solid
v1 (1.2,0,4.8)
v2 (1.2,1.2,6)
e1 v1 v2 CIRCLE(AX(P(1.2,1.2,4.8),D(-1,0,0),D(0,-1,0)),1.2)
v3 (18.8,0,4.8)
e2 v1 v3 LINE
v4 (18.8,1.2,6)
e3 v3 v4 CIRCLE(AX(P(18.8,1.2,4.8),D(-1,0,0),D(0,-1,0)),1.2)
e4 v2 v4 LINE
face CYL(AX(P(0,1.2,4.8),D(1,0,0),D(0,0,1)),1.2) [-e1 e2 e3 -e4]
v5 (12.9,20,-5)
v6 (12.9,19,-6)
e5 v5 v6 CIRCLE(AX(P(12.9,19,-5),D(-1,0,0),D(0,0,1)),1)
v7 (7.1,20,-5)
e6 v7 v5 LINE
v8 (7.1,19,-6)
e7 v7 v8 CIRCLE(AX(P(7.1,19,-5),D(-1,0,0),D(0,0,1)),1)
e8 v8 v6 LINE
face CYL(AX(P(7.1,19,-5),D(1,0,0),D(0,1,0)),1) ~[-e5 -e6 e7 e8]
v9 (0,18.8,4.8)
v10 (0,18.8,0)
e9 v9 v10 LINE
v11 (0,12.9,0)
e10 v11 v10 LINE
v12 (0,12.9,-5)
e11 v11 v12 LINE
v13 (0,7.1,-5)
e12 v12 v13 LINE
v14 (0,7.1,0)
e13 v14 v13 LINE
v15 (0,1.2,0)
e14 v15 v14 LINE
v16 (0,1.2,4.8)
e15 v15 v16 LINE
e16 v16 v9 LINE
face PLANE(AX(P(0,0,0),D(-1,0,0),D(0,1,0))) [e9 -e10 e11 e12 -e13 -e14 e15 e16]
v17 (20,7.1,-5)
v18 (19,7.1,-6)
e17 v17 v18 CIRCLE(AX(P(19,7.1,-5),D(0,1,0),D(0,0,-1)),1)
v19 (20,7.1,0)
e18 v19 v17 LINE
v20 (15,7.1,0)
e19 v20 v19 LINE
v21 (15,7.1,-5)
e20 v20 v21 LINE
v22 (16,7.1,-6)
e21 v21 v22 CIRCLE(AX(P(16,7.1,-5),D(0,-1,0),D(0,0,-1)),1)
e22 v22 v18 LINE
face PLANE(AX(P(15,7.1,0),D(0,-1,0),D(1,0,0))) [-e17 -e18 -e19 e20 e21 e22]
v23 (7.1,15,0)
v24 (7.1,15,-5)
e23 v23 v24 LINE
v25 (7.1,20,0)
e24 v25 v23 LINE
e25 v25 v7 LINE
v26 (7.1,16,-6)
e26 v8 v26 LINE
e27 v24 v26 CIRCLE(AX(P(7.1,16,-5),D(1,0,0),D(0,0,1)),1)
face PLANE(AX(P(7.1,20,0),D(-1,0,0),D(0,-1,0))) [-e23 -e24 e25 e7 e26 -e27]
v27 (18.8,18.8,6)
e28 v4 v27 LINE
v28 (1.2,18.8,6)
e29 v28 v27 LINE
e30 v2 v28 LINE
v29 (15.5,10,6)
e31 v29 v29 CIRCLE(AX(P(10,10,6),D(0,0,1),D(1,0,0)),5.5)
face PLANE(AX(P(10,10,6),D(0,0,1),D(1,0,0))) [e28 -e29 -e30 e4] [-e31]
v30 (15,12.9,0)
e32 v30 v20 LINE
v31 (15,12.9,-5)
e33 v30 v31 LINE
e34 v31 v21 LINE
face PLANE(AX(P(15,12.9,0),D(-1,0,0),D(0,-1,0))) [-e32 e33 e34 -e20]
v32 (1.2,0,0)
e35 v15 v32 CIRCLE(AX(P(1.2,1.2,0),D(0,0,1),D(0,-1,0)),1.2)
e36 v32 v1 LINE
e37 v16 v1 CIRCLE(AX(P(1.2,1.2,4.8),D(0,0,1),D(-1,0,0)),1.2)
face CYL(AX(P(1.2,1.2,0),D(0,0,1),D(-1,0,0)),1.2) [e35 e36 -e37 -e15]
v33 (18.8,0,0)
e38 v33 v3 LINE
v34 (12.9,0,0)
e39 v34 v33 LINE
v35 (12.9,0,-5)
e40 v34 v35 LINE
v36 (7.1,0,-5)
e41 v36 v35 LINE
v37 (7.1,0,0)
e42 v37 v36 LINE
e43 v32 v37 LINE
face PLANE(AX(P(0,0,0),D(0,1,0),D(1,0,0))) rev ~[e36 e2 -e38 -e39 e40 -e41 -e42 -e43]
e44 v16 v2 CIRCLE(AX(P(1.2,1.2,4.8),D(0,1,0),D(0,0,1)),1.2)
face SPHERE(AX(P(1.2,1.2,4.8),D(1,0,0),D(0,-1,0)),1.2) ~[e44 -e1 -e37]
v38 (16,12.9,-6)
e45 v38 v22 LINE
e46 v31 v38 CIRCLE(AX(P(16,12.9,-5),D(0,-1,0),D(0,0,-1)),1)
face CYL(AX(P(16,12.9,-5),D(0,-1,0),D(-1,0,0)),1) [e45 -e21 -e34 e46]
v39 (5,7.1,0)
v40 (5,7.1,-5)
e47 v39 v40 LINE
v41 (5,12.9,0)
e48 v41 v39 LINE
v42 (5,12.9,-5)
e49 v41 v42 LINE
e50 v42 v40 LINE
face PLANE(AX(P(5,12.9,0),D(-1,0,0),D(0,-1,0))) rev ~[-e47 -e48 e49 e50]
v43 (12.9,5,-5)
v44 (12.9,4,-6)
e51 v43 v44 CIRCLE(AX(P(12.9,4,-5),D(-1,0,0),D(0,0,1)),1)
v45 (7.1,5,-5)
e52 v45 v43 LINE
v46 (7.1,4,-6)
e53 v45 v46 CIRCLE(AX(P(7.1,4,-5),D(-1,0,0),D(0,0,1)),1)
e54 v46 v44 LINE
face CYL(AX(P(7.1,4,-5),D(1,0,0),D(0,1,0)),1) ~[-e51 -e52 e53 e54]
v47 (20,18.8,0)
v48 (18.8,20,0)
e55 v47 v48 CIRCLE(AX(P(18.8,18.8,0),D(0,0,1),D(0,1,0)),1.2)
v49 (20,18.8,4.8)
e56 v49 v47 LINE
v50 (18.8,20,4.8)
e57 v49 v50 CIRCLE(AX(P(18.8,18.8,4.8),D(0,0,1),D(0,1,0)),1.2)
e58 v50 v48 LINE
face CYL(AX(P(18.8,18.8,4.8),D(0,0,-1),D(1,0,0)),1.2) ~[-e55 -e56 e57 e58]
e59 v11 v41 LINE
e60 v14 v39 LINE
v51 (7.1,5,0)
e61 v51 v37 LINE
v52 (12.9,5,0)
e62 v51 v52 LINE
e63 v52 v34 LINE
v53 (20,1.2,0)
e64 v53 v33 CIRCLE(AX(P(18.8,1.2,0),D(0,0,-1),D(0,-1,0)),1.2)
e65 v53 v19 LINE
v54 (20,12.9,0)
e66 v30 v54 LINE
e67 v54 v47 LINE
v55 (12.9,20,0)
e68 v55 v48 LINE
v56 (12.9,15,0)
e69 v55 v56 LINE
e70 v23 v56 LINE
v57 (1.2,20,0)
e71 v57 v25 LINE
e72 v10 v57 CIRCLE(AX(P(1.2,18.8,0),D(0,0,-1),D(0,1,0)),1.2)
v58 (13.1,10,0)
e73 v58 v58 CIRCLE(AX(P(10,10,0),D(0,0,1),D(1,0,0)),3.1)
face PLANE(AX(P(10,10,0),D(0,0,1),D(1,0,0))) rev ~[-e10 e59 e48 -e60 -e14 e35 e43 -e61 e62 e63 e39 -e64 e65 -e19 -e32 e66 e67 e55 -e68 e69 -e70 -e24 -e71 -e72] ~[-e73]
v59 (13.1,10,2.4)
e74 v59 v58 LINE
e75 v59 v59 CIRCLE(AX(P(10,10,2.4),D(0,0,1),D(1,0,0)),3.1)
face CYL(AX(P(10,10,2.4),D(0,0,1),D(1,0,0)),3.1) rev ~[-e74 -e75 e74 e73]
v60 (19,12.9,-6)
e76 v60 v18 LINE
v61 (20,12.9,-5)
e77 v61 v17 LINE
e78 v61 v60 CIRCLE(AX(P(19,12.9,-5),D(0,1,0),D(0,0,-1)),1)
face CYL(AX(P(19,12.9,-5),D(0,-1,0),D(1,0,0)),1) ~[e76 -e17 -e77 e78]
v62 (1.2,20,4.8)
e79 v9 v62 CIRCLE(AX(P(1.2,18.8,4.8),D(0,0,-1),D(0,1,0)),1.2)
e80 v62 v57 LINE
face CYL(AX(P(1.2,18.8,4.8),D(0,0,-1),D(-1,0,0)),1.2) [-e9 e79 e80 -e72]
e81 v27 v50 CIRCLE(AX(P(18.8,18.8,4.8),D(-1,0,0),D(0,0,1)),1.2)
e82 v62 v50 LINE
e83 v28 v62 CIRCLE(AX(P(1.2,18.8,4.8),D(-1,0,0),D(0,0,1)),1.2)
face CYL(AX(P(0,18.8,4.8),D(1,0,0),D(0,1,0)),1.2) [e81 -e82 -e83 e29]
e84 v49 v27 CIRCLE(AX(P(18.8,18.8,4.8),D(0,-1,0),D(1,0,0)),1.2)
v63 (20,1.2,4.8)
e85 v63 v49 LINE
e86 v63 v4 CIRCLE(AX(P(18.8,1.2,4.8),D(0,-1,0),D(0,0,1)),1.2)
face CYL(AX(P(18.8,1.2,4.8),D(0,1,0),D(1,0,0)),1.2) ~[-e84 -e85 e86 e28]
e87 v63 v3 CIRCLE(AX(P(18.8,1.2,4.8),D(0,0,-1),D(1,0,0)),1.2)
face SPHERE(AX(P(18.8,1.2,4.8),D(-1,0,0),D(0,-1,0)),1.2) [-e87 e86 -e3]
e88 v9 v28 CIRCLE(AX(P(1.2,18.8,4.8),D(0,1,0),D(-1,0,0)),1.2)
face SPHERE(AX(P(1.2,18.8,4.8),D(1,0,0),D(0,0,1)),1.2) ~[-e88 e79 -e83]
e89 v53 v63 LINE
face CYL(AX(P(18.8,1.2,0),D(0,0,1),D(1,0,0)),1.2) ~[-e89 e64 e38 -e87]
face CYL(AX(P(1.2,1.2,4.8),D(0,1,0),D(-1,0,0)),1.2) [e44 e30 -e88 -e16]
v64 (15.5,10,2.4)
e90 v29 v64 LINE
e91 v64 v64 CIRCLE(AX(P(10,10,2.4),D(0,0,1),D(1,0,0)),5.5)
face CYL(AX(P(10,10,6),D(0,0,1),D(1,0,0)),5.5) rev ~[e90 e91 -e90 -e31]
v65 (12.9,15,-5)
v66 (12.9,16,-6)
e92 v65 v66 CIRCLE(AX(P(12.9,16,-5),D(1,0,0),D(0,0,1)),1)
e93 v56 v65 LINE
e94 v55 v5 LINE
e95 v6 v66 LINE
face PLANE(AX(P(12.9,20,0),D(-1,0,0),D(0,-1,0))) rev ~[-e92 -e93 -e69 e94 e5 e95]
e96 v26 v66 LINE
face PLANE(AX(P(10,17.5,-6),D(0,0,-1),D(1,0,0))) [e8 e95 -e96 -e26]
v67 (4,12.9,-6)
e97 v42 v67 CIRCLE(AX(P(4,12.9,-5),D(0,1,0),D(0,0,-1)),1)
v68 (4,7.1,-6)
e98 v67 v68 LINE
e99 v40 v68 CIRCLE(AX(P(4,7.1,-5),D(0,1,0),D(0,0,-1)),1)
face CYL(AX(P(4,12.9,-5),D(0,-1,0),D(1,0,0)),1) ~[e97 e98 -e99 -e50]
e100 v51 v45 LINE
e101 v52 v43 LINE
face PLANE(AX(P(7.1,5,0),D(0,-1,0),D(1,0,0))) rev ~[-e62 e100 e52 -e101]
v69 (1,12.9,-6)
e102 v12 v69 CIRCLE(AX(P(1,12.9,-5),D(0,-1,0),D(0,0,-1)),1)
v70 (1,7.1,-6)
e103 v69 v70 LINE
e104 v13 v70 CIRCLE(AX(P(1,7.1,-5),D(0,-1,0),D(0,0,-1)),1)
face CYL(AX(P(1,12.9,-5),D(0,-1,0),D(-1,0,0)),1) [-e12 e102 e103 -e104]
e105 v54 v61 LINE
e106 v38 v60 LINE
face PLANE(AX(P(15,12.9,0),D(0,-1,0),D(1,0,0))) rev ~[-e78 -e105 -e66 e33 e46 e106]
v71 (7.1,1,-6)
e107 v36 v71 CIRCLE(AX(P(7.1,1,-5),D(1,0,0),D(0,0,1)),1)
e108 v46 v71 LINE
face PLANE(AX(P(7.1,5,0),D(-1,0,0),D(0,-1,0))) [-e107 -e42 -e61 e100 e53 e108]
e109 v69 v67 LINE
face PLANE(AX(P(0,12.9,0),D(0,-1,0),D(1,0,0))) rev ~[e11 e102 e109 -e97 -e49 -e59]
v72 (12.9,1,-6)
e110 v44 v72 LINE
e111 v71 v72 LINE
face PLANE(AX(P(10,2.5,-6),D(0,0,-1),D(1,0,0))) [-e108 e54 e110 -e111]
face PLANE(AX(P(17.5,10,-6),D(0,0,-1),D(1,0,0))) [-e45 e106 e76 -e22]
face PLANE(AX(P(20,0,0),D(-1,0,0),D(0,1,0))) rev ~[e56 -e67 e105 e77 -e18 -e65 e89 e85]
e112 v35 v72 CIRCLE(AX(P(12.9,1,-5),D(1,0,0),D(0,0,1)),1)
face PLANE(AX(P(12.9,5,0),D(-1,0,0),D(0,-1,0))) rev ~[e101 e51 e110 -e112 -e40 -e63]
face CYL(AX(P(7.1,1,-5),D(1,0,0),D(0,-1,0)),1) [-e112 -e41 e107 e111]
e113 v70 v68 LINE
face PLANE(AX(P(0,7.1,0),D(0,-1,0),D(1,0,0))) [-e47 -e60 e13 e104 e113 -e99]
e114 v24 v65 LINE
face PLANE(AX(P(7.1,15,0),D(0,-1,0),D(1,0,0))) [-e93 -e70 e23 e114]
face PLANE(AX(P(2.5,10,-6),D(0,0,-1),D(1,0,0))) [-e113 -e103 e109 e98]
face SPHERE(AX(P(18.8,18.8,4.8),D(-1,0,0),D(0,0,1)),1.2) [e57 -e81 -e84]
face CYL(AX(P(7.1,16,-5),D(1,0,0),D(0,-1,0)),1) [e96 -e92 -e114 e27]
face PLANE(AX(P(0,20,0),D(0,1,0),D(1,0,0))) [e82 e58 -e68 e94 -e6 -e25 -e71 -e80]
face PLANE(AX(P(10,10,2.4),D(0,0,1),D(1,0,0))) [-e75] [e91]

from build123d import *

# Parameters (mm, degrees)
SKETCH_W        = 20
SKETCH_H        = 20
PAD_DEPTH       = 6
SKETCH001_R     = 5.5
POCKET_DEPTH    = 3.6
SKETCH002_R     = 3.1
POCKET001_DEPTH = 5
SKETCH003_W     = 5.8
SKETCH003_H     = 5
PAD001_DEPTH    = 6
SKETCH004_W     = 5
SKETCH004_H     = 5.8
PAD002_DEPTH    = 6
SKETCH005_W     = 5.8
SKETCH005_H     = 5
PAD003_DEPTH    = 6
SKETCH006_W     = 5
SKETCH006_H     = 5.8
PAD004_DEPTH    = 6
FILLET_R        = 1.2
FILLET001_R     = 1.2
FILLET002_R     = 1.2
FILLET003_R     = 1.2
FILLET004_R     = 1
FILLET005_R     = 1
FILLET006_R     = 1
FILLET007_R     = 1
FILLET008_R     = 1
FILLET009_R     = 1
FILLET010_R     = 1
FILLET011_R     = 1


with BuildPart() as part:
    # Sketch → Pad (new body)
    with BuildSketch(Plane.XY):
        with Locations((10, 10)):
            Rectangle(SKETCH_W, SKETCH_H)
    extrude(amount=PAD_DEPTH)

    # Sketch001 → Pocket (cut)
    with BuildSketch(Plane.XY.offset(6)):
        with Locations((10, 10)):
            Circle(SKETCH001_R)
    extrude(amount=-POCKET_DEPTH, mode=Mode.SUBTRACT)

    # Sketch002 → Pocket001 (cut)
    with BuildSketch(Plane.XY.offset(2.4)):
        with Locations((10, 10)):
            Circle(SKETCH002_R)
    extrude(amount=-POCKET001_DEPTH, mode=Mode.SUBTRACT)

    # Sketch003 → Pad001 (new body)
    with BuildSketch(Plane(origin=(0, 0, 0), x_dir=(1, 0, 0), z_dir=(0, 0, -1))):
        with Locations((10, -2.5)):
            Rectangle(SKETCH003_W, SKETCH003_H)
    extrude(amount=PAD001_DEPTH)

    # Sketch004 → Pad002 (new body)
    with BuildSketch(Plane(origin=(0, 0, 0), x_dir=(1, 0, 0), z_dir=(0, 0, -1))):
        with Locations((17.5, -10)):
            Rectangle(SKETCH004_W, SKETCH004_H)
    extrude(amount=PAD002_DEPTH)

    # Sketch005 → Pad003 (new body)
    with BuildSketch(Plane(origin=(0, 0, 0), x_dir=(1, 0, 0), z_dir=(0, 0, -1))):
        with Locations((10, -17.5)):
            Rectangle(SKETCH005_W, SKETCH005_H)
    extrude(amount=PAD003_DEPTH)

    # Sketch006 → Pad004 (new body)
    with BuildSketch(Plane(origin=(0, 0, 0), x_dir=(1, 0, 0), z_dir=(0, 0, -1))):
        with Locations((2.5, -10)):
            Rectangle(SKETCH006_W, SKETCH006_H)
    extrude(amount=PAD004_DEPTH)

    # Fillet
    fillet_edges = [part.edges().sort_by_distance(p)[0] for p in [
        (10, 20, 6),
    ]]
    fillet(fillet_edges, radius=FILLET_R)

    # Fillet001
    fillet001_edges = [part.edges().sort_by_distance(p)[0] for p in [
        (10, 0, 6),
    ]]
    fillet(fillet001_edges, radius=FILLET001_R)

    # Fillet002
    fillet002_edges = [part.edges().sort_by_distance(p)[0] for p in [
        (0, 10, 6),
    ]]
    fillet(fillet002_edges, radius=FILLET002_R)

    # Fillet003
    fillet003_edges = [part.edges().sort_by_distance(p)[0] for p in [
        (20, 10, 6),
    ]]
    fillet(fillet003_edges, radius=FILLET003_R)

    # Fillet004
    fillet004_edges = [part.edges().sort_by_distance(p)[0] for p in [
        (15, 10, -6),
    ]]
    fillet(fillet004_edges, radius=FILLET004_R)

    # Fillet005
    fillet005_edges = [part.edges().sort_by_distance(p)[0] for p in [
        (10, 5, -6),
    ]]
    fillet(fillet005_edges, radius=FILLET005_R)

    # Fillet006
    fillet006_edges = [part.edges().sort_by_distance(p)[0] for p in [
        (10, 15, -6),
    ]]
    fillet(fillet006_edges, radius=FILLET006_R)

    # Fillet007
    fillet007_edges = [part.edges().sort_by_distance(p)[0] for p in [
        (5, 10, -6),
    ]]
    fillet(fillet007_edges, radius=FILLET007_R)

    # Fillet008
    fillet008_edges = [part.edges().sort_by_distance(p)[0] for p in [
        (20, 10, -6),
    ]]
    fillet(fillet008_edges, radius=FILLET008_R)

    # Fillet009
    fillet009_edges = [part.edges().sort_by_distance(p)[0] for p in [
        (10, 0, -6),
    ]]
    fillet(fillet009_edges, radius=FILLET009_R)

    # Fillet010
    fillet010_edges = [part.edges().sort_by_distance(p)[0] for p in [
        (10, 20, -6),
    ]]
    fillet(fillet010_edges, radius=FILLET010_R)

    # Fillet011
    fillet011_edges = [part.edges().sort_by_distance(p)[0] for p in [
        (0, 10, -6),
    ]]
    fillet(fillet011_edges, radius=FILLET011_R)


solid = part.part
